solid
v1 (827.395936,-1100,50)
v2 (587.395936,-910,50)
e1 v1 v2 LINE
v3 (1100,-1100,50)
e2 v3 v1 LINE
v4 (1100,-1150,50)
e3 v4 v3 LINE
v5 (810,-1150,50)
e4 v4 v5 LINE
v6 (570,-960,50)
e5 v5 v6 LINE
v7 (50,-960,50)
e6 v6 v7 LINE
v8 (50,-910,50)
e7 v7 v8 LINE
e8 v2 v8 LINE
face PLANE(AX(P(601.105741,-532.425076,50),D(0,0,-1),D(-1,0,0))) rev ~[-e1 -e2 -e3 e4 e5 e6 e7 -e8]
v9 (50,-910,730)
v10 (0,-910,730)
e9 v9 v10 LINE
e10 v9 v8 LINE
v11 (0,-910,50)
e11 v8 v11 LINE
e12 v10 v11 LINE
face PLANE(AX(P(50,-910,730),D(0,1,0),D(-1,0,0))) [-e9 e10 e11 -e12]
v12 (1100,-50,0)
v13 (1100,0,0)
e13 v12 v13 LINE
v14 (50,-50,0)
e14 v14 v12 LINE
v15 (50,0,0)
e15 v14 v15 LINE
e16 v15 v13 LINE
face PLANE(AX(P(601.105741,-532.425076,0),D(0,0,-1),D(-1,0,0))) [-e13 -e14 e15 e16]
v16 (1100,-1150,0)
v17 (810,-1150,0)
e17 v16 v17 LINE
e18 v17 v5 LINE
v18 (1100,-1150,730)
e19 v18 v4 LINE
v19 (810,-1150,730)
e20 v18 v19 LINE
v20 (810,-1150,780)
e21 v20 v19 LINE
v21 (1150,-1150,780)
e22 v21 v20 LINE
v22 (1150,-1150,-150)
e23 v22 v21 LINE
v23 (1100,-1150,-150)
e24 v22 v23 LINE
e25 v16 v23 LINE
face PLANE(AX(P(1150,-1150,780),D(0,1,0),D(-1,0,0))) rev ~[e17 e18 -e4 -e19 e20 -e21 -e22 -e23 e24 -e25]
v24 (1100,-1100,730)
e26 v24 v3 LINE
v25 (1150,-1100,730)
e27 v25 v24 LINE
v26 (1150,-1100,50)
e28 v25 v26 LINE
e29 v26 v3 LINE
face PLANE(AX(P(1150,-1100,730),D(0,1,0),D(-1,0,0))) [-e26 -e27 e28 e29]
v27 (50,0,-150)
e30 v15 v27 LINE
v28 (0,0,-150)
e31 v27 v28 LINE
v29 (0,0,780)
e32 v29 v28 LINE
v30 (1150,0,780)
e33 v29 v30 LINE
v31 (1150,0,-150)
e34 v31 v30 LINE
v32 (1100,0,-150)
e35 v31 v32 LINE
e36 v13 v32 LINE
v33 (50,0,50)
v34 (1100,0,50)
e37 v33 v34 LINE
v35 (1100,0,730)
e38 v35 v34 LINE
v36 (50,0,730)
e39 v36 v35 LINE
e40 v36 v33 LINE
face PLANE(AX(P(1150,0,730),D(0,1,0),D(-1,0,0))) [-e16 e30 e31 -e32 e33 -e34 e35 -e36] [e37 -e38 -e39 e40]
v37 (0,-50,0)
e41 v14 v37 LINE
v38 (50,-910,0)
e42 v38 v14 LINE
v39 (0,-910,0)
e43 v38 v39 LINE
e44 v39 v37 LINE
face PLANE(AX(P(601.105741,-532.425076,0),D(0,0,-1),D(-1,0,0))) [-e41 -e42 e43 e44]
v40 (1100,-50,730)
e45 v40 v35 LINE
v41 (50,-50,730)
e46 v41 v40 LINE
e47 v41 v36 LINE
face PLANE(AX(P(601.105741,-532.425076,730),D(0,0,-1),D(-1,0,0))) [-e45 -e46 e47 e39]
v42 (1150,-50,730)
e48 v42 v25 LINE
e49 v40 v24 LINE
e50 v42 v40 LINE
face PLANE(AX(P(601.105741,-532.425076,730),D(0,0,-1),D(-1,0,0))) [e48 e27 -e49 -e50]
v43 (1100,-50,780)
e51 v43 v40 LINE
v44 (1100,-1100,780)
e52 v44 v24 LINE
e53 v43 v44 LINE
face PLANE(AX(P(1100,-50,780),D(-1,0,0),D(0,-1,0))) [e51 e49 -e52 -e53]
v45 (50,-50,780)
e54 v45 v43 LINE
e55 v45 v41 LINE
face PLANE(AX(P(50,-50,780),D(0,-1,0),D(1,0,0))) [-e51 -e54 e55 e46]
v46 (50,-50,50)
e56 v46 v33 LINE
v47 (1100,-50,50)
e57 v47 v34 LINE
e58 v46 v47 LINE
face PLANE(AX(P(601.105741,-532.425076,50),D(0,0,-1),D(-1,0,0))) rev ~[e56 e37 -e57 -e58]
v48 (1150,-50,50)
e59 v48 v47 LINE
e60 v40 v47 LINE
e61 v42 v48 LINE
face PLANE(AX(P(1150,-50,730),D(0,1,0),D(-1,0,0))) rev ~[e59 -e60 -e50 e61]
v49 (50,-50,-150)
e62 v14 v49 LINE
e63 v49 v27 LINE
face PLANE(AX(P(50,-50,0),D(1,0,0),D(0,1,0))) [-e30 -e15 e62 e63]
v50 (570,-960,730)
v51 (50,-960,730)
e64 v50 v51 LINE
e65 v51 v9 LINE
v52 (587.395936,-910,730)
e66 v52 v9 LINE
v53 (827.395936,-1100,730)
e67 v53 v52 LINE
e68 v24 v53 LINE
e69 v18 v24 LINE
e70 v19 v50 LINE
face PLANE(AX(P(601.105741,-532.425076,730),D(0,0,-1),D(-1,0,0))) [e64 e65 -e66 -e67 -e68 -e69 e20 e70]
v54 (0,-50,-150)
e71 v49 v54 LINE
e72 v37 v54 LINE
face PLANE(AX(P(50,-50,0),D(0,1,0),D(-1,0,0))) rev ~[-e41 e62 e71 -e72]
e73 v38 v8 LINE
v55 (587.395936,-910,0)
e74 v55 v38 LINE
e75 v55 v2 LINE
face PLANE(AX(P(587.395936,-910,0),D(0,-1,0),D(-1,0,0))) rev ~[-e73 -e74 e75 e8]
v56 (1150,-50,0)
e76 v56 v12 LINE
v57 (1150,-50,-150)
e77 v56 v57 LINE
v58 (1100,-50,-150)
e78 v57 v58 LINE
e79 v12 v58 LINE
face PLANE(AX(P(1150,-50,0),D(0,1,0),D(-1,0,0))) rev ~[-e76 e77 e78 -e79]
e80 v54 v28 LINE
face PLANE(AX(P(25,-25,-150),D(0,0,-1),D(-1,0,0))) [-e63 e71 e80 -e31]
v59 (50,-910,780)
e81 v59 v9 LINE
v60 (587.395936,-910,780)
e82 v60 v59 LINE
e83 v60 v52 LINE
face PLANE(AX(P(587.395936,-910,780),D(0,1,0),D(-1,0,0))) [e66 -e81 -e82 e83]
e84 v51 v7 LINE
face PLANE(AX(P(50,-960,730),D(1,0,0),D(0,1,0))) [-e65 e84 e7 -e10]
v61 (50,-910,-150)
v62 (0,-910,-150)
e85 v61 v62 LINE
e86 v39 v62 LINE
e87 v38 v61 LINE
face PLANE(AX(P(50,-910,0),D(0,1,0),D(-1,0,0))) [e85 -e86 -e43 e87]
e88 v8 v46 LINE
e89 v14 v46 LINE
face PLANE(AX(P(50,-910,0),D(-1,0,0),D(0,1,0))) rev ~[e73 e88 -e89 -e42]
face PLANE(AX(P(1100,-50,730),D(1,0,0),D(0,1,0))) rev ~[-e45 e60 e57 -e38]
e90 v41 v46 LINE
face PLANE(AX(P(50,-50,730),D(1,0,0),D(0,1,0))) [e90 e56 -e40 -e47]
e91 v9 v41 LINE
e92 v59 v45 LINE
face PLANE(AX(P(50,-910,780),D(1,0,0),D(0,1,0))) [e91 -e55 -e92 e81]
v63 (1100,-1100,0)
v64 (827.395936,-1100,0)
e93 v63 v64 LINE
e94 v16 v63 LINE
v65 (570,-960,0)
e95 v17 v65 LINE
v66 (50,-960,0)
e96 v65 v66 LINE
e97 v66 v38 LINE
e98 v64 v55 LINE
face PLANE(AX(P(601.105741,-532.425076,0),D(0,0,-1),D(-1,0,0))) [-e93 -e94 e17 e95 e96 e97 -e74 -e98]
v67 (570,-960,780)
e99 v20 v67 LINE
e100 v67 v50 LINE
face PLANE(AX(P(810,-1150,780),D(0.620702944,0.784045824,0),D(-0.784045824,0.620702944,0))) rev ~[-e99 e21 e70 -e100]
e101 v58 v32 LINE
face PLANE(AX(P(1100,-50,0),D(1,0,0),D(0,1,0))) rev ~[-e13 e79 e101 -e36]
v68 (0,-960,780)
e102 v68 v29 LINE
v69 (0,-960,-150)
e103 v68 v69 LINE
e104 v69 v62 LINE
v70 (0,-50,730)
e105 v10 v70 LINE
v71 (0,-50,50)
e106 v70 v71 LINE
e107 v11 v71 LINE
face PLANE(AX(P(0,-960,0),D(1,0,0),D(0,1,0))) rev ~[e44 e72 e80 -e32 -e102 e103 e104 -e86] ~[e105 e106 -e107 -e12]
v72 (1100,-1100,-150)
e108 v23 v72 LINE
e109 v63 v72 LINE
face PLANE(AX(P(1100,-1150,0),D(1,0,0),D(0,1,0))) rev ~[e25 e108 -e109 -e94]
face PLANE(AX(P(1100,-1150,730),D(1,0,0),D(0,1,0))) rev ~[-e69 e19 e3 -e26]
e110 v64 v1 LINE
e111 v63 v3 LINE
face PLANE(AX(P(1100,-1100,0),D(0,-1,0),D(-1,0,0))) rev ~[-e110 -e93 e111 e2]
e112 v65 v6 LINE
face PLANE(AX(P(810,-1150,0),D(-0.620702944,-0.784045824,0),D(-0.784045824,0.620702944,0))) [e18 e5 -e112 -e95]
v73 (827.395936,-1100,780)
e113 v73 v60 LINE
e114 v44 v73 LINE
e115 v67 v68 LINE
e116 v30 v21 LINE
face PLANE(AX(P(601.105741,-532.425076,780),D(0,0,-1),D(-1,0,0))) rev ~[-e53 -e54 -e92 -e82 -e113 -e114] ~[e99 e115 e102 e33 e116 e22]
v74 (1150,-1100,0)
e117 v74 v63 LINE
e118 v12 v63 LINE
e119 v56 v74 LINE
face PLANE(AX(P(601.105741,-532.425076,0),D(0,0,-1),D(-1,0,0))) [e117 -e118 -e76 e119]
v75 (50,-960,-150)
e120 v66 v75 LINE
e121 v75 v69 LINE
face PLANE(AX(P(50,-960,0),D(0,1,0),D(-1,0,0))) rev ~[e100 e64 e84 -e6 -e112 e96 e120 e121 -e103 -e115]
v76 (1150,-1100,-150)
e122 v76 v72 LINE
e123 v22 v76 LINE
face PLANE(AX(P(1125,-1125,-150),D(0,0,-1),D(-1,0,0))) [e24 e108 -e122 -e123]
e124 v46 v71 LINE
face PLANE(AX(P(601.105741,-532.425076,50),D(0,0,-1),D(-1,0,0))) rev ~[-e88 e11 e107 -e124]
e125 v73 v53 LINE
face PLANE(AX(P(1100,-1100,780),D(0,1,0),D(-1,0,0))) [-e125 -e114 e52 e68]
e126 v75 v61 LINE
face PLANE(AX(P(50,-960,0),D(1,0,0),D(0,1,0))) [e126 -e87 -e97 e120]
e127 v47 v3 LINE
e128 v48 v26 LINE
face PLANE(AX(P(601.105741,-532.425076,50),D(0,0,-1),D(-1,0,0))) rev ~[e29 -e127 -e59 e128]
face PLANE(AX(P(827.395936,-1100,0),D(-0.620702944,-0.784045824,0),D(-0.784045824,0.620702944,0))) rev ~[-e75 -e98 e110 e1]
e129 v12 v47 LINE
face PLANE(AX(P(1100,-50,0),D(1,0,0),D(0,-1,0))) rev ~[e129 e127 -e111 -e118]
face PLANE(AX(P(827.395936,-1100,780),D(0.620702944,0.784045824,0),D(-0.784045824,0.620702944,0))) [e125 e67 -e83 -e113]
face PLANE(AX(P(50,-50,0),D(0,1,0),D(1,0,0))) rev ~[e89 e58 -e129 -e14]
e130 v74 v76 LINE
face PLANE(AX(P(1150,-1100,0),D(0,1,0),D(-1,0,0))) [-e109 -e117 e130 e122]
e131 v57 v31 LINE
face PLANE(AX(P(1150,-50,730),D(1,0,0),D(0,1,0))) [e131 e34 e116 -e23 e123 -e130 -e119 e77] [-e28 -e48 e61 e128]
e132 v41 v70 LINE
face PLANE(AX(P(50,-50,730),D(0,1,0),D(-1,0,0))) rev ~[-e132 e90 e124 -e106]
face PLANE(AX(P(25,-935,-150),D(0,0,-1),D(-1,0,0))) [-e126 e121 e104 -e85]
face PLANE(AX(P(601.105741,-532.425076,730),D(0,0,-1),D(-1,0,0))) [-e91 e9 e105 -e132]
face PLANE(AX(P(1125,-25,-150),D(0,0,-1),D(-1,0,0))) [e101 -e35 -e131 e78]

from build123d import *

# Parameters (mm, degrees)
ESTRUSIONE_ESTRUSIONE1_DEPTH = 50
ESTRUSIONE_ESTRUSIONE4_DEPTH = 50
SCHIZZO5_W                   = 50
SCHIZZO5_H                   = 50
ESTRUSIONE_ESTRUSIONE5_DEPTH = 680
SCHIZZO6_W                   = 50
SCHIZZO6_H                   = 50
ESTRUSIONE_ESTRUSIONE6_DEPTH = 150


with BuildPart() as part:
    # Schizzo1 → Estrusione-Estrusione1 (new body)
    with BuildSketch(Plane.XY):
        Polygon((0, 0), (1150, 0), (1150, -1150), (810, -1150), (570, -960), (0, -960), align=None)
        Polygon((50, -50), (1100, -50), (1100, -1100), (827.395936132, -1100), (587.395936132, -910), (50, -910), align=None, mode=Mode.SUBTRACT)
    extrude(amount=ESTRUSIONE_ESTRUSIONE1_DEPTH)



with BuildPart() as body_2:
    # Schizzo4 → Estrusione-Estrusione4 (new body)
    with BuildSketch(Plane(origin=(0, 0, 780), x_dir=(-1, 0, 0), z_dir=(0, 0, -1))):
        Polygon((-1150, -1150), (-810, -1150), (-570, -960), (0, -960), (0, 0), (-1150, 0), align=None)
        Polygon((-50, -50), (-1100, -50), (-1100, -1100), (-827.395936132, -1100), (-587.395936132, -910), (-50, -910), align=None, mode=Mode.SUBTRACT)
    extrude(amount=ESTRUSIONE_ESTRUSIONE4_DEPTH)


with BuildPart() as part_1:
    add(part.part)

    add(body_2.part)  # Estrusione-Estrusione5 merges body 2
    # Schizzo5 → Estrusione-Estrusione5 (add)
    with BuildSketch(Plane(origin=(0, 0, 730), x_dir=(-1, 0, 0), z_dir=(0, 0, -1))):
        with Locations((-1125, -25)):
            Rectangle(SCHIZZO5_W, SCHIZZO5_H)
        with Locations((-25, -25)):
            Rectangle(SCHIZZO5_W, SCHIZZO5_H)
        with Locations((-25, -935)):
            Rectangle(SCHIZZO5_W, SCHIZZO5_H)
        with Locations((-1125, -1125)):
            Rectangle(SCHIZZO5_W, SCHIZZO5_H)
    extrude(amount=ESTRUSIONE_ESTRUSIONE5_DEPTH)

    # Schizzo6 → Estrusione-Estrusione6 (add)
    with BuildSketch(Plane(origin=(0, 0, 0), x_dir=(-1, 0, 0), z_dir=(0, 0, -1))):
        with Locations((-25, -935)):
            Rectangle(SCHIZZO6_W, SCHIZZO6_H)
        with Locations((-1125, -1125)):
            Rectangle(SCHIZZO6_W, SCHIZZO6_H)
        with Locations((-1125, -25)):
            Rectangle(SCHIZZO6_W, SCHIZZO6_H)
        with Locations((-25, -25)):
            Rectangle(SCHIZZO6_W, SCHIZZO6_H)
    extrude(amount=ESTRUSIONE_ESTRUSIONE6_DEPTH)


solid = part_1.part
